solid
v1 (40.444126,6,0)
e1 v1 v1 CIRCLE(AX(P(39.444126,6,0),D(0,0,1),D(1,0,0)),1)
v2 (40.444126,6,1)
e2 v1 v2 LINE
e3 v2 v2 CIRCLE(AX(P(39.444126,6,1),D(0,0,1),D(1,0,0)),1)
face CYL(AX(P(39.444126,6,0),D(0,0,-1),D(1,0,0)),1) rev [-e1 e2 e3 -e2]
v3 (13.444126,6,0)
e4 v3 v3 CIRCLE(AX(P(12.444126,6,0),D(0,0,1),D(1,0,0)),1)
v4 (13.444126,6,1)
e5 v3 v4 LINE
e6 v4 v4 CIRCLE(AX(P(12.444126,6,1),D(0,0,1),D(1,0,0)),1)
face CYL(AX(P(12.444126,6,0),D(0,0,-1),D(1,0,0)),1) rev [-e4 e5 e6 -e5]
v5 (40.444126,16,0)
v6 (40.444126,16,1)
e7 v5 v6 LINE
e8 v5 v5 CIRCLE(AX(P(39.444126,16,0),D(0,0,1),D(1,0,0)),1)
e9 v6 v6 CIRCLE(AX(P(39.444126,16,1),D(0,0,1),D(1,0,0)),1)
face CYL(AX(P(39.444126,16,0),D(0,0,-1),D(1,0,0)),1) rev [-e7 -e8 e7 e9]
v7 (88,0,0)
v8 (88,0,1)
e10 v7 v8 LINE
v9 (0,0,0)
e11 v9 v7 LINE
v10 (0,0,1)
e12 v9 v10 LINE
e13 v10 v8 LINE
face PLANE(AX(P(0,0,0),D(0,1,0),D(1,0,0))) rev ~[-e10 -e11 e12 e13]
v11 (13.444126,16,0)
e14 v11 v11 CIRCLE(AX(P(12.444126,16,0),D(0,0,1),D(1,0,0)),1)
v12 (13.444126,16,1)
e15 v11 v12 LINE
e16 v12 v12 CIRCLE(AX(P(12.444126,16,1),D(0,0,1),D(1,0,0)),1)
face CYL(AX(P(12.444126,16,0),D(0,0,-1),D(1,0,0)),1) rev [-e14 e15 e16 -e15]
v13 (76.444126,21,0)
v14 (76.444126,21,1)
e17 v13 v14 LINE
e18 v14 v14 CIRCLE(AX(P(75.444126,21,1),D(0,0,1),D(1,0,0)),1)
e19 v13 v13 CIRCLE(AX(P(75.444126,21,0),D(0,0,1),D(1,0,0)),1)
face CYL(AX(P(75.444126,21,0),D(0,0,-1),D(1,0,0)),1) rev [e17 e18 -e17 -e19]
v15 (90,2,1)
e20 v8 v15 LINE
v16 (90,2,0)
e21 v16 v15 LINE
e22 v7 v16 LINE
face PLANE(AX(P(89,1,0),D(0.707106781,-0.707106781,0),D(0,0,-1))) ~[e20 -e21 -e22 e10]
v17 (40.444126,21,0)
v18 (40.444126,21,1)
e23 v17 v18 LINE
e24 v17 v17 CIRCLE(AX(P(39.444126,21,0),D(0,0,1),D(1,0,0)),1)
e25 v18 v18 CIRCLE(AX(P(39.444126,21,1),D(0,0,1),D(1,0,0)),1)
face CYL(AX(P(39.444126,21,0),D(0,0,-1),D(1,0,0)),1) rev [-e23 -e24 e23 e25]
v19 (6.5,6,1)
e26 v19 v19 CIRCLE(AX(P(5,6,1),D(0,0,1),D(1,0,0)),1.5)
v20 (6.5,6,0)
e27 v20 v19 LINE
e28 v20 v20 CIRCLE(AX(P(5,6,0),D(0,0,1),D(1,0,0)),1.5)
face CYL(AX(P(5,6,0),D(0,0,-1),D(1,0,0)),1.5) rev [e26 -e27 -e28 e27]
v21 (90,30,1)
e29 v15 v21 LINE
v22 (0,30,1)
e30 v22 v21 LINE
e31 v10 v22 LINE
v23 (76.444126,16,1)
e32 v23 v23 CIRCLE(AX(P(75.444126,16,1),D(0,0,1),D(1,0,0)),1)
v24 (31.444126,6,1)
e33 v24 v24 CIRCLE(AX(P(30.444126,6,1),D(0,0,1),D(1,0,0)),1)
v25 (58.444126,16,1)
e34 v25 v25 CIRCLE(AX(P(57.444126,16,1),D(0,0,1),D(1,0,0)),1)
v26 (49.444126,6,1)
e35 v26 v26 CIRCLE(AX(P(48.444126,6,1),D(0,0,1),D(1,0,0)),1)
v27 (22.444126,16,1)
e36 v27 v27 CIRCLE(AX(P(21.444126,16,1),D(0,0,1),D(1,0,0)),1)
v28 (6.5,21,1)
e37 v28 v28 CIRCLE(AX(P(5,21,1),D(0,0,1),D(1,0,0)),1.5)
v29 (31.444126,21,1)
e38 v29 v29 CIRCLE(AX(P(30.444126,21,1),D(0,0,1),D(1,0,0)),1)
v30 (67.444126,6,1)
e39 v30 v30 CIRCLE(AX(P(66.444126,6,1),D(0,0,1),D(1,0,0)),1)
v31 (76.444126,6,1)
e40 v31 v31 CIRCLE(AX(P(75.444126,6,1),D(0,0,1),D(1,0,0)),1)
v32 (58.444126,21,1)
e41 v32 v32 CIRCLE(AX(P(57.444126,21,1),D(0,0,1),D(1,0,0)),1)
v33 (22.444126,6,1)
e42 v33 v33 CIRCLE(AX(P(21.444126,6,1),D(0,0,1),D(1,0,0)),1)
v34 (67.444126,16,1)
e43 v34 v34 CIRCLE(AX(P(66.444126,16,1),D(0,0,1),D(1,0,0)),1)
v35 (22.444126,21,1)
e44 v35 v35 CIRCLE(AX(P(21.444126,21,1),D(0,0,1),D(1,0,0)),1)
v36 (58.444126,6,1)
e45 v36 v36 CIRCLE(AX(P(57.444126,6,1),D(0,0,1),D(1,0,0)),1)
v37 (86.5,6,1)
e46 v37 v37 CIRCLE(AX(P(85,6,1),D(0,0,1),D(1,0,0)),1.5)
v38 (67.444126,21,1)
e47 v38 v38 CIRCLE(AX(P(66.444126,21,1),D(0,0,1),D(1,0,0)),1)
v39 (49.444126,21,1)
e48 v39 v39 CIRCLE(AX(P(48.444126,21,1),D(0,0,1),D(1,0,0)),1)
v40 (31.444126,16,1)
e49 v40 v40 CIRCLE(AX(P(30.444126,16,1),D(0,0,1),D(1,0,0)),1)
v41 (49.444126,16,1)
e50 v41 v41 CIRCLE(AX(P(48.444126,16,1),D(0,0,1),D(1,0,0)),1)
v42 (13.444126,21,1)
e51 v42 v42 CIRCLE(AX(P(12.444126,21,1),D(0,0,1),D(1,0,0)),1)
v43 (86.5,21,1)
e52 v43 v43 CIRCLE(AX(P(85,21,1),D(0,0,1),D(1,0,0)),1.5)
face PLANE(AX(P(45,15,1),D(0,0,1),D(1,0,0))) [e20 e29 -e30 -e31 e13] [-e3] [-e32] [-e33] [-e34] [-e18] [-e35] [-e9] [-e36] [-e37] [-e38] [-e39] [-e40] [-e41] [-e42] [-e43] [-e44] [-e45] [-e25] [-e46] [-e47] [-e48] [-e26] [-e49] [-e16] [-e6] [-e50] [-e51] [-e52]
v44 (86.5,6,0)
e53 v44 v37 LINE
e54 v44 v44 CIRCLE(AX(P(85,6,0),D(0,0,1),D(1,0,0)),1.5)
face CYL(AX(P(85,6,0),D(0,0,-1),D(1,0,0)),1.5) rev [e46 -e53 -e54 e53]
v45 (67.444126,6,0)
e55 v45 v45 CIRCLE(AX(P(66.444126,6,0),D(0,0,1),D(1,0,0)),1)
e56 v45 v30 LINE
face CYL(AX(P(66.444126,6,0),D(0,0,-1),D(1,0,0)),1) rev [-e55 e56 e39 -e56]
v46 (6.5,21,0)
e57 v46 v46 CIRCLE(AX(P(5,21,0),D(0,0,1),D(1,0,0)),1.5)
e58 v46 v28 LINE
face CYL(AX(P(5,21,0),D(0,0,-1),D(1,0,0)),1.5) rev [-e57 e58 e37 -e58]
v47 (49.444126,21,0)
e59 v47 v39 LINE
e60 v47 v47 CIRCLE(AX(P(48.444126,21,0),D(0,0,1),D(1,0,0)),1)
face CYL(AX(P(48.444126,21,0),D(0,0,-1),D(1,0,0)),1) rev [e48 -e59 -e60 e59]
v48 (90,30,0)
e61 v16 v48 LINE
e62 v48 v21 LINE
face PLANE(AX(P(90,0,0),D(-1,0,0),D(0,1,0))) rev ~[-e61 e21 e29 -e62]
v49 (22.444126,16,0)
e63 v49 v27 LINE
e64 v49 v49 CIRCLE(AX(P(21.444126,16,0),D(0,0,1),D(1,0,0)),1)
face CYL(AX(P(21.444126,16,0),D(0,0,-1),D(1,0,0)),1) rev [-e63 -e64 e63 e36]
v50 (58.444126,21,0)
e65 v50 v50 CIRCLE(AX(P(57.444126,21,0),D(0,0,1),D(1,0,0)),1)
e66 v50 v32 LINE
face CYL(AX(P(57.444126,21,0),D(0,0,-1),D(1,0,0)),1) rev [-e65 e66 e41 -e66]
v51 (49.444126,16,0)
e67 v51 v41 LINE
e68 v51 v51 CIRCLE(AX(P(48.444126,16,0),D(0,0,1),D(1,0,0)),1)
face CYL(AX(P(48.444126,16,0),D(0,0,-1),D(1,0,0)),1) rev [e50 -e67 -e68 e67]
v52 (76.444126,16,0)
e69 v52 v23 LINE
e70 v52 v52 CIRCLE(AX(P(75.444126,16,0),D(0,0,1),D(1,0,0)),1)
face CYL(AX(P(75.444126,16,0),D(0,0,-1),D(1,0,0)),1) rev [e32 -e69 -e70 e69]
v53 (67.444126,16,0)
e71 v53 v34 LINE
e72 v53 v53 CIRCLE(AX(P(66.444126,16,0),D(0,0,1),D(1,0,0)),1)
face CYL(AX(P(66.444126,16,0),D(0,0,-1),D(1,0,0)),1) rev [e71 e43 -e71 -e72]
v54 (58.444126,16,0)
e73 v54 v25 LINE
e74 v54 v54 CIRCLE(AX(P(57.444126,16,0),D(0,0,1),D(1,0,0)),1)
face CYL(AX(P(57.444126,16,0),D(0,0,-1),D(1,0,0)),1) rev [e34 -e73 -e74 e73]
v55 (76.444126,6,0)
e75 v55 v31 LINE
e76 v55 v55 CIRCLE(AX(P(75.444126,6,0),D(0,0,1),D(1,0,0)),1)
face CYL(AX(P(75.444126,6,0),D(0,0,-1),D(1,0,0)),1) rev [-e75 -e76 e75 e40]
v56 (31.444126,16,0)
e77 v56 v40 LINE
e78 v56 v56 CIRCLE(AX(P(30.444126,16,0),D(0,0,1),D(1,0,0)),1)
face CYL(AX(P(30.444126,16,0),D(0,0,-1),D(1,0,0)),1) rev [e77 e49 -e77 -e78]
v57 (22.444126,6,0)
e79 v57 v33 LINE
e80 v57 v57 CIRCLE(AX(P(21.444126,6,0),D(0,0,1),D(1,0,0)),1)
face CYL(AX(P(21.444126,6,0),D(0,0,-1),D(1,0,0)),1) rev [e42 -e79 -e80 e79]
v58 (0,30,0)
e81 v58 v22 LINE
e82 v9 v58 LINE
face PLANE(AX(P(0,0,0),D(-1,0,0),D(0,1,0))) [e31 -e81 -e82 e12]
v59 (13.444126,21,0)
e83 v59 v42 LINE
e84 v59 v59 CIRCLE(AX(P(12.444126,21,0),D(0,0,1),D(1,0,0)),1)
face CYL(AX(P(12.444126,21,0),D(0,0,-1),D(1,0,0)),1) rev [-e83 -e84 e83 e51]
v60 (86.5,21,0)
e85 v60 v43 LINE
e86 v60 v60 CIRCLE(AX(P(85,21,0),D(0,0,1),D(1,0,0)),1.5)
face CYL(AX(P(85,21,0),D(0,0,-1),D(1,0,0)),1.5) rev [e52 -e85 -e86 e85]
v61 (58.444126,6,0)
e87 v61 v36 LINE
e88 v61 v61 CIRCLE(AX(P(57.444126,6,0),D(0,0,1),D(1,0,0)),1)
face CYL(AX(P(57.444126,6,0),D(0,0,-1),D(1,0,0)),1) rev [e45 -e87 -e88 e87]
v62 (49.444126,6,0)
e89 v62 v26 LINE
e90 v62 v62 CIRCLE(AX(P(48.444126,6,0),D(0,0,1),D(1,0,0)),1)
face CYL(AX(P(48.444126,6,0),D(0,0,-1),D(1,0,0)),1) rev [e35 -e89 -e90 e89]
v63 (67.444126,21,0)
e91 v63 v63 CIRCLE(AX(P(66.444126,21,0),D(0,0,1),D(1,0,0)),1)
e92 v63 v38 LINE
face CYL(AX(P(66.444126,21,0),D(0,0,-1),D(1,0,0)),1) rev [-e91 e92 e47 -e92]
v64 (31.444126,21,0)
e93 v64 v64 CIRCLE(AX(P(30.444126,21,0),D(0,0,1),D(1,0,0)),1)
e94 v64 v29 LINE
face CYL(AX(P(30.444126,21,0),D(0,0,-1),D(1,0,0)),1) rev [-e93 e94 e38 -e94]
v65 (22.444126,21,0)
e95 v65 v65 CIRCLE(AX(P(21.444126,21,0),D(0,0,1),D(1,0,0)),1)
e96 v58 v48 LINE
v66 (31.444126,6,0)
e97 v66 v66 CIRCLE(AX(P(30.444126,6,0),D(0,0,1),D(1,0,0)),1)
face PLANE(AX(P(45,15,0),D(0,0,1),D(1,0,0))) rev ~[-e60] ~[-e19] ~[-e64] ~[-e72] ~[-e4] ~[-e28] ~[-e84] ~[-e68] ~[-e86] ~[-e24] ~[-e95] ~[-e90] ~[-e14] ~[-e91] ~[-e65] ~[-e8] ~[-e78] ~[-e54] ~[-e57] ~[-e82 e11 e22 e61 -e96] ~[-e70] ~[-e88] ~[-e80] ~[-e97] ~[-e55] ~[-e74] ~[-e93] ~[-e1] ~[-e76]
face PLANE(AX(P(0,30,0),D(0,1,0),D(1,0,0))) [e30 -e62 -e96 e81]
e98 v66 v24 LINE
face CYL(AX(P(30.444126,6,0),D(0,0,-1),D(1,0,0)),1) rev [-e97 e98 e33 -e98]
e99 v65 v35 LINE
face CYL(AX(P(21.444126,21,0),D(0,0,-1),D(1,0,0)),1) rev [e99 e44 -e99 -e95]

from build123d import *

# Parameters (mm, degrees)
F0_W     = 90
F0_H     = 30
F1_DEPTH = 1
F2_R     = 1
F3_DEPTH = 1
F4_SIZE  = 2
F5_R     = 1.5
F6_DEPTH = 1


with BuildPart() as f1:
    # F0 (on Top) → F1 (new body)
    with BuildSketch(Plane.XY):
        with Locations((45, 15)):
            Rectangle(F0_W, F0_H)
    extrude(amount=F1_DEPTH)

    # F2 (on Top) → F3 (cut, through all)
    with BuildSketch(Plane.XY):
        with Locations((12.444126, 6)):
            Circle(F2_R)
        with Locations((12.444126, 21)):
            Circle(F2_R)
        with Locations((12.444126, 16)):
            Circle(F2_R)
        with Locations((21.444126, 21)):
            Circle(F2_R)
        with Locations((21.444126, 16)):
            Circle(F2_R)
        with Locations((21.444126, 6)):
            Circle(F2_R)
        with Locations((30.444126, 21)):
            Circle(F2_R)
        with Locations((30.444126, 16)):
            Circle(F2_R)
        with Locations((30.444126, 6)):
            Circle(F2_R)
        with Locations((39.444126, 21)):
            Circle(F2_R)
        with Locations((39.444126, 16)):
            Circle(F2_R)
        with Locations((39.444126, 6)):
            Circle(F2_R)
        with Locations((48.444126, 21)):
            Circle(F2_R)
        with Locations((48.444126, 16)):
            Circle(F2_R)
        with Locations((48.444126, 6)):
            Circle(F2_R)
        with Locations((57.444126, 21)):
            Circle(F2_R)
        with Locations((57.444126, 16)):
            Circle(F2_R)
        with Locations((57.444126, 6)):
            Circle(F2_R)
        with Locations((66.444126, 21)):
            Circle(F2_R)
        with Locations((66.444126, 16)):
            Circle(F2_R)
        with Locations((66.444126, 6)):
            Circle(F2_R)
        with Locations((75.444126, 21)):
            Circle(F2_R)
        with Locations((75.444126, 16)):
            Circle(F2_R)
        with Locations((75.444126, 6)):
            Circle(F2_R)
    extrude(amount=F3_DEPTH, mode=Mode.SUBTRACT)

    # F4
    f4_edges = [f1.edges().sort_by_distance(p)[0] for p in [
        (90, 0, 0.5),
    ]]
    chamfer(f4_edges, length=F4_SIZE)

    # F5 (on Top) → F6 (cut, through all)
    with BuildSketch(Plane.XY):
        with Locations((5, 6)):
            Circle(F5_R)
        with Locations((5, 21)):
            Circle(F5_R)
        with Locations((85, 21)):
            Circle(F5_R)
        with Locations((85, 6)):
            Circle(F5_R)
    extrude(amount=F6_DEPTH, mode=Mode.SUBTRACT)


solid = f1.part
